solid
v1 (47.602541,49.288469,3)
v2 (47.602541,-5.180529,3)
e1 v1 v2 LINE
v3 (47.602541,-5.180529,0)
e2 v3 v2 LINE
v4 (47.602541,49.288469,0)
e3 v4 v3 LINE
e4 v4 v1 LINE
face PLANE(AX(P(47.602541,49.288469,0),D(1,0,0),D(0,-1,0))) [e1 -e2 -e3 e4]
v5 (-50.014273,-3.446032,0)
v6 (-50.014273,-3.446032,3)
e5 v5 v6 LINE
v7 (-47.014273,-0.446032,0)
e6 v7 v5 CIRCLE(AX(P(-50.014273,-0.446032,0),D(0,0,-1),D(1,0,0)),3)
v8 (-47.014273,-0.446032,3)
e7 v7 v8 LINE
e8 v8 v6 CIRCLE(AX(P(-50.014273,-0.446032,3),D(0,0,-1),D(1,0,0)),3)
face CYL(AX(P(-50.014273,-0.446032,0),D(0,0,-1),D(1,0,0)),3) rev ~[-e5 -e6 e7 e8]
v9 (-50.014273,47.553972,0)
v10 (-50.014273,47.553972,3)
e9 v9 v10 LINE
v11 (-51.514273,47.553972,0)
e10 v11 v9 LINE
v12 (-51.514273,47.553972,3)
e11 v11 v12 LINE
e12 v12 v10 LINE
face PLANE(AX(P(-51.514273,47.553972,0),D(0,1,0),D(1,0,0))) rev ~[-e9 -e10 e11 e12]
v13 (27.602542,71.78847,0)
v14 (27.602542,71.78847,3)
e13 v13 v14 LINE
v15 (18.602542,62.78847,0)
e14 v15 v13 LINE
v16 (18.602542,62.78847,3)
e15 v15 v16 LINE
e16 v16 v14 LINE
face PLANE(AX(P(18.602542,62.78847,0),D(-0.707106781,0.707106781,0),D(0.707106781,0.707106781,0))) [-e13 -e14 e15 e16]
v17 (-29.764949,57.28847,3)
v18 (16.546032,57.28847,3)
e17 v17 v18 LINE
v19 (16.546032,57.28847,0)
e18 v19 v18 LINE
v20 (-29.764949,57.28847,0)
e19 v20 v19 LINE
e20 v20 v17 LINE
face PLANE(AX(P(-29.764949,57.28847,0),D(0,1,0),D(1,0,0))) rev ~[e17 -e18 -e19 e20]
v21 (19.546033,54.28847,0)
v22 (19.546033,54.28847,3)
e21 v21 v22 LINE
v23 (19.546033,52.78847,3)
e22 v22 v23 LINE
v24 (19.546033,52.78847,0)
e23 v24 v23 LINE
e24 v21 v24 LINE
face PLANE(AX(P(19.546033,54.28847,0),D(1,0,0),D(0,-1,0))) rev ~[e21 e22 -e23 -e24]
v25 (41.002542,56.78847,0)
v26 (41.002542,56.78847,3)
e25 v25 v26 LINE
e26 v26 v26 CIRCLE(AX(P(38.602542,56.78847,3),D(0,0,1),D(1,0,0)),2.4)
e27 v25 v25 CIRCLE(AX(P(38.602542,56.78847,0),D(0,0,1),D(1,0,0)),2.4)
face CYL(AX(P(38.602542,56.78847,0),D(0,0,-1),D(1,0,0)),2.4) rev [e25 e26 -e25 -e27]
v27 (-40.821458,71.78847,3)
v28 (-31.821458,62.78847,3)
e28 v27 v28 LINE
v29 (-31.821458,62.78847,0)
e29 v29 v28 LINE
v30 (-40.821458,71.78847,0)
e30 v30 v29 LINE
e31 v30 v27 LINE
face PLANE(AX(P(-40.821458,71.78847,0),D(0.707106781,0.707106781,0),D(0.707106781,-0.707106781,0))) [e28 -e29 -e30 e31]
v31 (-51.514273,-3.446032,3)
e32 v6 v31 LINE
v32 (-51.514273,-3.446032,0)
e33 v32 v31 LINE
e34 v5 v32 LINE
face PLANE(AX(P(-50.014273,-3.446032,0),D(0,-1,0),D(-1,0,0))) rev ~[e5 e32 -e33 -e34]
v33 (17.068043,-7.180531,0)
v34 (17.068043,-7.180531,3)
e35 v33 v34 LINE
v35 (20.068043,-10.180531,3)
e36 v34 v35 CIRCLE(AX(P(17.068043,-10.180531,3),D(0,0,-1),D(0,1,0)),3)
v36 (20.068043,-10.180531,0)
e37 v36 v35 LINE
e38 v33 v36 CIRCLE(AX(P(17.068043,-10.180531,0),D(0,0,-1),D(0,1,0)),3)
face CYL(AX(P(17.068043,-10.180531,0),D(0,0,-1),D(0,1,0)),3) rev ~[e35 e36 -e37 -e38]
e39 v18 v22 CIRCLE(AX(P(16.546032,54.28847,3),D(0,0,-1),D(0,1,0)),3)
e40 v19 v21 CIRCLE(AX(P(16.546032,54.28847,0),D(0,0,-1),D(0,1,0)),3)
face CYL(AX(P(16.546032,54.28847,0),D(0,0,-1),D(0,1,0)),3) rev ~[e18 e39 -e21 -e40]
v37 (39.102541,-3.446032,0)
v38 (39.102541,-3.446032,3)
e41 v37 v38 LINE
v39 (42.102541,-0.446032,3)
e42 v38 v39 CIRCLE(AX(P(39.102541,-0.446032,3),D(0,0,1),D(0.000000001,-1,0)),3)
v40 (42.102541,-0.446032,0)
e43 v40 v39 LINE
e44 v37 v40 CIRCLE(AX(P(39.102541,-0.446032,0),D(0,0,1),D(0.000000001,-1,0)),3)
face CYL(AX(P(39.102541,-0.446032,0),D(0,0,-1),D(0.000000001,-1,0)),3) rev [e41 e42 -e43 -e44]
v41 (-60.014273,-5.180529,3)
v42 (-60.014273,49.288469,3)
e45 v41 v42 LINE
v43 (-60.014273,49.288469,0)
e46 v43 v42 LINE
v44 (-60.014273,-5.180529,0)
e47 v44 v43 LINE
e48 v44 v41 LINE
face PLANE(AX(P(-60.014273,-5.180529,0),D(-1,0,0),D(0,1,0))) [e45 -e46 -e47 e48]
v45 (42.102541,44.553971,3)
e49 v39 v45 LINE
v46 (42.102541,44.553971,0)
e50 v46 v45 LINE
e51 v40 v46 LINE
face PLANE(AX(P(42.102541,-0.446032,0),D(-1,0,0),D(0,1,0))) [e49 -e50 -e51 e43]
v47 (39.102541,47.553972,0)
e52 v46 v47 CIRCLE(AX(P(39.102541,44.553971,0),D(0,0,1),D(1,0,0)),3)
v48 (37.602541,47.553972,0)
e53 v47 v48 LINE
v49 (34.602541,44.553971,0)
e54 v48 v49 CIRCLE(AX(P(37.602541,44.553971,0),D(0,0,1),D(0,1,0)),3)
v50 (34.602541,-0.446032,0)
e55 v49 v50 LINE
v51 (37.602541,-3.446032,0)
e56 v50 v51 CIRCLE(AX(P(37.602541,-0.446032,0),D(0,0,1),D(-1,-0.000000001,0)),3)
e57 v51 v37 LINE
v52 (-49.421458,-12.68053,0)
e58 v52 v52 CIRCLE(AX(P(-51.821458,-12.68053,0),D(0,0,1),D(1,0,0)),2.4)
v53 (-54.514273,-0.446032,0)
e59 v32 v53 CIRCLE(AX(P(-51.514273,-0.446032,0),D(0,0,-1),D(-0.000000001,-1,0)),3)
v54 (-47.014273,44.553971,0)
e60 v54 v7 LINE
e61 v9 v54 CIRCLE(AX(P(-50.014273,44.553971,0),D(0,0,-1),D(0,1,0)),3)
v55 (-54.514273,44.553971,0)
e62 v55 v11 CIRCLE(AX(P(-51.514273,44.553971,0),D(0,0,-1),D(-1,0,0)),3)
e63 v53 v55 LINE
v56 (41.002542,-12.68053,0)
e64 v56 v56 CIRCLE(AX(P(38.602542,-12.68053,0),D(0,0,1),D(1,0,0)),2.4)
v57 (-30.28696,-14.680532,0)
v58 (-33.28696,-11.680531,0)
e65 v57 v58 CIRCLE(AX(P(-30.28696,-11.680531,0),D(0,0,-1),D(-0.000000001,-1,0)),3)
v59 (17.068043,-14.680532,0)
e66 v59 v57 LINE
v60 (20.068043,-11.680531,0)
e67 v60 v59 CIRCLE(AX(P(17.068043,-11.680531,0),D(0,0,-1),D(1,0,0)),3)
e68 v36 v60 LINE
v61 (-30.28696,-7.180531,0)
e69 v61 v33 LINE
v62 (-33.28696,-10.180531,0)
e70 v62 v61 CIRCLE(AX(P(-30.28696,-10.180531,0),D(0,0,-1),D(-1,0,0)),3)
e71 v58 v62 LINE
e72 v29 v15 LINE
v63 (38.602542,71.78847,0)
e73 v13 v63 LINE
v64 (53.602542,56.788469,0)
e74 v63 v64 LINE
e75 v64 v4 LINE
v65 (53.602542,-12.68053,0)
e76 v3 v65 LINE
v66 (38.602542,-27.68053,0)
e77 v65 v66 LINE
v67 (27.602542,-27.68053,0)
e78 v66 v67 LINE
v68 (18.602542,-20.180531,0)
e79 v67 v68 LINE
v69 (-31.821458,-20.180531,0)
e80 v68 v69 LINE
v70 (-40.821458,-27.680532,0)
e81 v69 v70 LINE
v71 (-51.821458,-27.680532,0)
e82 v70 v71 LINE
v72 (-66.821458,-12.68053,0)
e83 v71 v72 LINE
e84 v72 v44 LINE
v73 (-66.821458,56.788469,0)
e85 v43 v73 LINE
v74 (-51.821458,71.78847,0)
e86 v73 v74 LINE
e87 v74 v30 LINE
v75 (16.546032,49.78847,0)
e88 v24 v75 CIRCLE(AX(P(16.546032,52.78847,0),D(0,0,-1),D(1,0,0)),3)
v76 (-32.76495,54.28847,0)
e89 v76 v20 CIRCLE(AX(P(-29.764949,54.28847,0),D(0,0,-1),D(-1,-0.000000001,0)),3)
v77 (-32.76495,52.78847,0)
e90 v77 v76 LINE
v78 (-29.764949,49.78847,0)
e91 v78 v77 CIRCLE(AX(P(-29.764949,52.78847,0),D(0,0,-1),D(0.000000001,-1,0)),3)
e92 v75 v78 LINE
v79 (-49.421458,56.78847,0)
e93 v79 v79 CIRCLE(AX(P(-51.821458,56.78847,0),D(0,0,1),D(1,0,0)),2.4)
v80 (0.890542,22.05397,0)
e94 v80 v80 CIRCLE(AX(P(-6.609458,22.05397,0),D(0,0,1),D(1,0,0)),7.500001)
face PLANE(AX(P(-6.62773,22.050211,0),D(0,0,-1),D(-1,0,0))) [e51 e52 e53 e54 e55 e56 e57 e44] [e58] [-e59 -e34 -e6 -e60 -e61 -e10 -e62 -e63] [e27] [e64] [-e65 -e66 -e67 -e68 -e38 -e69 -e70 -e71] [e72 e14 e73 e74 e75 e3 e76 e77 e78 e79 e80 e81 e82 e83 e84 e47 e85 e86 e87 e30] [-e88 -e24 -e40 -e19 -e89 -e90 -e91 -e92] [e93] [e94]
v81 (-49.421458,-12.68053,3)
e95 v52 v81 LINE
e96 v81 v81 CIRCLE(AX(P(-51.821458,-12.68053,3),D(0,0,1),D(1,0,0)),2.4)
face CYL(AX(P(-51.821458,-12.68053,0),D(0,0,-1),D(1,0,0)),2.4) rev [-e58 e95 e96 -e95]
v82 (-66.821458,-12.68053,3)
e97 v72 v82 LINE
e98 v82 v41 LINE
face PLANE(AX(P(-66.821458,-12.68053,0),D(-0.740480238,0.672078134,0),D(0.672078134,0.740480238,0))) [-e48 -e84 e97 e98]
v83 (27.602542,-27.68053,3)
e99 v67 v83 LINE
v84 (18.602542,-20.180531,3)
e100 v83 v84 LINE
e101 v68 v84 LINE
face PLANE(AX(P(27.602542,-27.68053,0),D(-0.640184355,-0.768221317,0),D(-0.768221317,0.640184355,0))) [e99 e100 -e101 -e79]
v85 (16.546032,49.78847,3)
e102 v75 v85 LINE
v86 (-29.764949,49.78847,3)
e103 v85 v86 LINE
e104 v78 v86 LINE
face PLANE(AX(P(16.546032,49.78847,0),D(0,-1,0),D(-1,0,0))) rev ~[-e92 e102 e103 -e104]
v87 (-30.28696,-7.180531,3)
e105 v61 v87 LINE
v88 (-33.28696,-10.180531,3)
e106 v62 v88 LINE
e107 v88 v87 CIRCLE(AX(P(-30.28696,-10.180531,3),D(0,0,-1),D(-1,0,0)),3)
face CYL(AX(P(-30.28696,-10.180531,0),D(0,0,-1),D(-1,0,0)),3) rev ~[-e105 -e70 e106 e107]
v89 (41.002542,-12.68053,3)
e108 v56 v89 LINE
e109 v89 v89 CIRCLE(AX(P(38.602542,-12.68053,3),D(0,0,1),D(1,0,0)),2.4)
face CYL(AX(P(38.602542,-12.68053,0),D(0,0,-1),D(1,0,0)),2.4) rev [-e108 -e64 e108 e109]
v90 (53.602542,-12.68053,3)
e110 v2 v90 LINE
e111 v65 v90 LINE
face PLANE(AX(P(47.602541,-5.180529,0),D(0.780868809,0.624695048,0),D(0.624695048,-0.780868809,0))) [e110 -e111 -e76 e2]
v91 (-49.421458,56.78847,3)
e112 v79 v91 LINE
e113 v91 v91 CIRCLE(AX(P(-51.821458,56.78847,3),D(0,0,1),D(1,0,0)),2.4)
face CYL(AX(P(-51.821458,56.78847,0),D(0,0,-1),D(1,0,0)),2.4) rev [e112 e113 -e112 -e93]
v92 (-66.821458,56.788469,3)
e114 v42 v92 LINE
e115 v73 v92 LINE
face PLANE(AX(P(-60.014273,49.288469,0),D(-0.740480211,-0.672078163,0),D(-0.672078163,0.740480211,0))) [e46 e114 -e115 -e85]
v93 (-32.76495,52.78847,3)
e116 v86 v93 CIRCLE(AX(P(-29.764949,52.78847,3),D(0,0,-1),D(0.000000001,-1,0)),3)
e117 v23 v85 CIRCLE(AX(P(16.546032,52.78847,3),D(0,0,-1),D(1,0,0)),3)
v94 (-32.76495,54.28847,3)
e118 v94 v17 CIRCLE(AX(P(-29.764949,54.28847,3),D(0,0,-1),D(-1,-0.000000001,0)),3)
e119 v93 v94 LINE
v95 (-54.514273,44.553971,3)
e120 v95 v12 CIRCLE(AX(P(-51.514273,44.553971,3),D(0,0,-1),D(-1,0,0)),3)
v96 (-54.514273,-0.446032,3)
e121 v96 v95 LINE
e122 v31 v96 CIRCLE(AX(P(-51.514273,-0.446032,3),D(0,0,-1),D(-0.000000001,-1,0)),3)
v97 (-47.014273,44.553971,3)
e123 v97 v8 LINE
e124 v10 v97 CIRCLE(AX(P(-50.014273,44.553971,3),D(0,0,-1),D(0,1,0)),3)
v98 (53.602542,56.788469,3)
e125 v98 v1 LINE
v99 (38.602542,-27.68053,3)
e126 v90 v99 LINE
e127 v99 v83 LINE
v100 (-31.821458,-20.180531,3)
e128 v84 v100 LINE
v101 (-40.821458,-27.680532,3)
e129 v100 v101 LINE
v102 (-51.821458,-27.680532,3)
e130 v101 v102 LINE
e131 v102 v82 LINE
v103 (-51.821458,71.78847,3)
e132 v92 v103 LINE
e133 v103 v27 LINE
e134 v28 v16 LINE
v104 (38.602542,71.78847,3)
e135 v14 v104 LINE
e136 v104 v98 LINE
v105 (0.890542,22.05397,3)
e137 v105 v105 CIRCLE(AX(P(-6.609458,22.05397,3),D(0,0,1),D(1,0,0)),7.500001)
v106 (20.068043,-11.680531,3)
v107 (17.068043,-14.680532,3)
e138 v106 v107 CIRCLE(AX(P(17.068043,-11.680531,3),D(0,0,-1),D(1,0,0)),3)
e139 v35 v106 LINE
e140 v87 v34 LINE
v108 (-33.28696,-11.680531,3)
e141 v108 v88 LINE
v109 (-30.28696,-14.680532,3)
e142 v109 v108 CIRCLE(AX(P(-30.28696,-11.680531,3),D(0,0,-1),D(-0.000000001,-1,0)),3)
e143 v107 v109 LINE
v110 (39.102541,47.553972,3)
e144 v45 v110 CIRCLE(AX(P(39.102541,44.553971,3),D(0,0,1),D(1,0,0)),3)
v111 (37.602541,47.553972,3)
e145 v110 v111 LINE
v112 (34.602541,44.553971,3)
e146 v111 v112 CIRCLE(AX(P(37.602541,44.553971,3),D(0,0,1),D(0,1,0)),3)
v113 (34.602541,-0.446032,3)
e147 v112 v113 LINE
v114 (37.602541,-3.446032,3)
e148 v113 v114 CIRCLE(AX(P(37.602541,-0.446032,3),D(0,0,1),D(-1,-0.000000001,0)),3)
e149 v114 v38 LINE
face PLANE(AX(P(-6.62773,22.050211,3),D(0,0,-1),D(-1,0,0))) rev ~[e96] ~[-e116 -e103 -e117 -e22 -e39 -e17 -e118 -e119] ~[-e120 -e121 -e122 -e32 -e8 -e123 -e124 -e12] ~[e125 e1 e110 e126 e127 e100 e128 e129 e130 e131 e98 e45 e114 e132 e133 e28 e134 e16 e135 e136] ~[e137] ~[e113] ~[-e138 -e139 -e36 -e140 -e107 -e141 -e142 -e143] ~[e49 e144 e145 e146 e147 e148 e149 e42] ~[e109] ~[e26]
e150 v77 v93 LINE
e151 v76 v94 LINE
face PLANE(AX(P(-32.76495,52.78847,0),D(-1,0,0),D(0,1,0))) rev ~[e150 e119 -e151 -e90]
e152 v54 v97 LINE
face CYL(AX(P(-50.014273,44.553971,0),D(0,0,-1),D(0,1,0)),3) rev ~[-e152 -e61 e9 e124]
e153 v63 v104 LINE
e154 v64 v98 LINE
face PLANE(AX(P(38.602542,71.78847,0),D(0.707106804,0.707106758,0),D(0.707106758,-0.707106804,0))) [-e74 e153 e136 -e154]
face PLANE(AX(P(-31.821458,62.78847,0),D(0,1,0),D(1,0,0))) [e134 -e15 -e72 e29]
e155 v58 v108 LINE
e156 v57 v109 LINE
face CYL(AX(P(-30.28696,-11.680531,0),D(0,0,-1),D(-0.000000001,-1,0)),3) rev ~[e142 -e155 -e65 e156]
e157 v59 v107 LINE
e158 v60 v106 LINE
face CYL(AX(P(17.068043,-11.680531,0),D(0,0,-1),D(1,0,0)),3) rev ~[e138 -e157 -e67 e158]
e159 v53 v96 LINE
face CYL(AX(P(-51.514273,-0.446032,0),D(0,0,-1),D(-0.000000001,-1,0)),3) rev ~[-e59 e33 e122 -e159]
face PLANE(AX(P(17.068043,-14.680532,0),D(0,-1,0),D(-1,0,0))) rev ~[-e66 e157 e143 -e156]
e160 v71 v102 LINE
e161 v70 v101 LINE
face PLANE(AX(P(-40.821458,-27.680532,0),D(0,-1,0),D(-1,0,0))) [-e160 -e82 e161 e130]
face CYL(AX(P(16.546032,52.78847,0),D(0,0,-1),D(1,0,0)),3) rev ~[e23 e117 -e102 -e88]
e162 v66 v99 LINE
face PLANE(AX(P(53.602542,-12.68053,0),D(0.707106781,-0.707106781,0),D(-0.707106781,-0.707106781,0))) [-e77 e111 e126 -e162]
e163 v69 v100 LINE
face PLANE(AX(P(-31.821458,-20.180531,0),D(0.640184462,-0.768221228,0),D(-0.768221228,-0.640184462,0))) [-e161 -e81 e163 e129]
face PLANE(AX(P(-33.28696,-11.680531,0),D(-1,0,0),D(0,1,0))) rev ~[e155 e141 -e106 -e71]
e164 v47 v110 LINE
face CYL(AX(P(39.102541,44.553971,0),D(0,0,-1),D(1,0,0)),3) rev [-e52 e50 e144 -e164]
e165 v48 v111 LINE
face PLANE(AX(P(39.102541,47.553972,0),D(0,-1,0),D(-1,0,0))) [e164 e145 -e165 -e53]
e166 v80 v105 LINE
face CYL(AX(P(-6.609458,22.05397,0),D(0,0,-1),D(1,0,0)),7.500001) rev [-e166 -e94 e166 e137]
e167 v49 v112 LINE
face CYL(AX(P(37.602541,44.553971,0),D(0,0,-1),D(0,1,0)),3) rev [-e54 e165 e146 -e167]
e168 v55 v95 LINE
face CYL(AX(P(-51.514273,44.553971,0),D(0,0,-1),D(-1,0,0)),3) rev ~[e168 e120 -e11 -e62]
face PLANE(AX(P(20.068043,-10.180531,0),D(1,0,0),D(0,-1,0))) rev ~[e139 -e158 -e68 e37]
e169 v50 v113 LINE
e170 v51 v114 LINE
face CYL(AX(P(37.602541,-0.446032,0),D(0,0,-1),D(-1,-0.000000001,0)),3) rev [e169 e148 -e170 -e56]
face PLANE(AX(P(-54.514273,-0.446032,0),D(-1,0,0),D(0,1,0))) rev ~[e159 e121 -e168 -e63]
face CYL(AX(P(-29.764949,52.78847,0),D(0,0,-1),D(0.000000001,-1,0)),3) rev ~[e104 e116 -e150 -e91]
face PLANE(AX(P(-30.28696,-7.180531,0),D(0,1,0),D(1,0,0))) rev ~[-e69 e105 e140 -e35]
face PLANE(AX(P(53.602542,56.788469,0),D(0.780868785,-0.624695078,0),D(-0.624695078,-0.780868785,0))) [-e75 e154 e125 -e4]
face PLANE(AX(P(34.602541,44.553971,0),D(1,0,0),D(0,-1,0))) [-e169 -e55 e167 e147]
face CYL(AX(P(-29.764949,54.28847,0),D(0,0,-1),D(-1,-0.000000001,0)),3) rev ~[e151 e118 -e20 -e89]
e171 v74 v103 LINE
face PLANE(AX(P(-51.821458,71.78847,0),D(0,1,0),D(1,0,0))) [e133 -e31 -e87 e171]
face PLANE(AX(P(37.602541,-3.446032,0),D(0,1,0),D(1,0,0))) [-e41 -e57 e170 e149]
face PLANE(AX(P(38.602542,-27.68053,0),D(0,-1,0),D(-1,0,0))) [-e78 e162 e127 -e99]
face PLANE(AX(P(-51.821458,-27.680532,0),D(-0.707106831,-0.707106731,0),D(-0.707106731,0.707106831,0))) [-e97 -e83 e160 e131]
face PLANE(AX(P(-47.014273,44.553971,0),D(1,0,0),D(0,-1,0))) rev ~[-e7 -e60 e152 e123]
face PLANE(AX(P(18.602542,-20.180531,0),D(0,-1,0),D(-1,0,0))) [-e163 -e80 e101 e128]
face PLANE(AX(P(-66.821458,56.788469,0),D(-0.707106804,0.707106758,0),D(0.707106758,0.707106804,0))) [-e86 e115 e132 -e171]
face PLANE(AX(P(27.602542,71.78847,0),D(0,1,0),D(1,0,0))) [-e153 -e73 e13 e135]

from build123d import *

# Parameters (mm, degrees)
SKETCH1_R           = 7.50000053
SKETCH1_R_2         = 2.40000017
BOSS_EXTRUDE1_DEPTH = 3


with BuildPart() as part:
    # Sketch1 → Boss-Extrude1 (new body)
    with BuildSketch(Plane.XY):
        Polygon((-66.82145848, 56.78846893), (-51.82145848, 71.788469895), (-40.82145848, 71.788469895), (-31.82145848, 62.788469895), (18.60254152, 62.788469895), (27.60254152, 71.788469895), (38.60254152, 71.788469895), (53.60254152, 56.78846893), (47.602540757, 49.288468575), (47.602540757, -5.180529152), (53.60254152, -12.680530105), (38.60254152, -27.680530105), (27.60254152, -27.680530105), (18.60254152, -20.180530996), (-31.82145848, -20.180530996), (-40.82145848, -27.680532227), (-51.82145848, -27.680532227), (-66.82145848, -12.680530105), (-60.014272565, -5.180529152), (-60.014272565, 49.288468575), align=None)
        with Locations((-6.60945848, 22.053969711)):
            Circle(SKETCH1_R, mode=Mode.SUBTRACT)
        with Locations((-51.82145848, 56.788469895)):
            Circle(SKETCH1_R_2, mode=Mode.SUBTRACT)
        with Locations((38.60254152, 56.788469895)):
            Circle(SKETCH1_R_2, mode=Mode.SUBTRACT)
        with Locations((38.60254152, -12.680530105)):
            Circle(SKETCH1_R_2, mode=Mode.SUBTRACT)
        with Locations((-51.82145848, -12.680530105)):
            Circle(SKETCH1_R_2, mode=Mode.SUBTRACT)
        with BuildLine():
            Line((-51.514272883, 47.553971515), (-50.014272777, 47.553971515))
            ThreePointArc((-50.014272777, 47.553971515), (-47.892952283, 46.675291796), (-47.014272565, 44.553971302))
            Line((-47.014272565, 44.553971302), (-47.014272565, -0.44603188))
            ThreePointArc((-47.014272565, -0.44603188), (-47.892952283, -2.567352373), (-50.014272777, -3.446032092))
            Line((-50.014272777, -3.446032092), (-51.514272883, -3.446032092))
            ThreePointArc((-51.514272883, -3.446032092), (-53.635593376, -2.567352373), (-54.514273095, -0.44603188))
            Line((-54.514273095, -0.44603188), (-54.514273095, 44.553971302))
            ThreePointArc((-54.514273095, 44.553971302), (-53.635593376, 46.675291796), (-51.514272883, 47.553971515))
        make_face(mode=Mode.SUBTRACT)
        with BuildLine():
            Line((-29.764949317, 57.288470425), (16.546032357, 57.288470425))
            ThreePointArc((16.546032357, 57.288470425), (18.66735285, 56.409790707), (19.546032569, 54.288470213))
            Line((19.546032569, 54.288470213), (19.546032569, 52.788470107))
            ThreePointArc((19.546032569, 52.788470107), (18.66735285, 50.667149613), (16.546032357, 49.788469895))
            Line((16.546032357, 49.788469895), (-29.764949317, 49.788469895))
            ThreePointArc((-29.764949317, 49.788469895), (-31.886269811, 50.667149613), (-32.764949529, 52.788470107))
            Line((-32.764949529, 52.788470107), (-32.764949529, 54.288470213))
            ThreePointArc((-32.764949529, 54.288470213), (-31.886269811, 56.409790707), (-29.764949317, 57.288470425))
        make_face(mode=Mode.SUBTRACT)
        with BuildLine():
            Line((39.102541076, 47.553971515), (37.60254097, 47.553971515))
            ThreePointArc((37.60254097, 47.553971515), (35.481220476, 46.675291796), (34.602540757, 44.553971302))
            Line((34.602540757, 44.553971302), (34.602540757, -0.44603188))
            ThreePointArc((34.602540757, -0.44603188), (35.481220476, -2.567352373), (37.60254097, -3.446032092))
            Line((37.60254097, -3.446032092), (39.102541076, -3.446032092))
            ThreePointArc((39.102541076, -3.446032092), (41.223861569, -2.567352373), (42.102541288, -0.44603188))
            Line((42.102541288, -0.44603188), (42.102541288, 44.553971302))
            ThreePointArc((42.102541288, 44.553971302), (41.223861569, 46.675291796), (39.102541076, 47.553971515))
        make_face(mode=Mode.SUBTRACT)
        with BuildLine():
            Line((17.068043194, -14.680531527), (-30.286960155, -14.680531527))
            ThreePointArc((-30.286960155, -14.680531527), (-32.408280648, -13.801851808), (-33.286960367, -11.680531315))
            Line((-33.286960367, -11.680531315), (-33.286960367, -10.180531209))
            ThreePointArc((-33.286960367, -10.180531209), (-32.408280648, -8.059210715), (-30.286960155, -7.180530996))
            Line((-30.286960155, -7.180530996), (17.068043194, -7.180530996))
            ThreePointArc((17.068043194, -7.180530996), (19.189363688, -8.059210715), (20.068043406, -10.180531209))
            Line((20.068043406, -10.180531209), (20.068043406, -11.680531315))
            ThreePointArc((20.068043406, -11.680531315), (19.189363688, -13.801851808), (17.068043194, -14.680531527))
        make_face(mode=Mode.SUBTRACT)
    extrude(amount=BOSS_EXTRUDE1_DEPTH)


solid = part.part
